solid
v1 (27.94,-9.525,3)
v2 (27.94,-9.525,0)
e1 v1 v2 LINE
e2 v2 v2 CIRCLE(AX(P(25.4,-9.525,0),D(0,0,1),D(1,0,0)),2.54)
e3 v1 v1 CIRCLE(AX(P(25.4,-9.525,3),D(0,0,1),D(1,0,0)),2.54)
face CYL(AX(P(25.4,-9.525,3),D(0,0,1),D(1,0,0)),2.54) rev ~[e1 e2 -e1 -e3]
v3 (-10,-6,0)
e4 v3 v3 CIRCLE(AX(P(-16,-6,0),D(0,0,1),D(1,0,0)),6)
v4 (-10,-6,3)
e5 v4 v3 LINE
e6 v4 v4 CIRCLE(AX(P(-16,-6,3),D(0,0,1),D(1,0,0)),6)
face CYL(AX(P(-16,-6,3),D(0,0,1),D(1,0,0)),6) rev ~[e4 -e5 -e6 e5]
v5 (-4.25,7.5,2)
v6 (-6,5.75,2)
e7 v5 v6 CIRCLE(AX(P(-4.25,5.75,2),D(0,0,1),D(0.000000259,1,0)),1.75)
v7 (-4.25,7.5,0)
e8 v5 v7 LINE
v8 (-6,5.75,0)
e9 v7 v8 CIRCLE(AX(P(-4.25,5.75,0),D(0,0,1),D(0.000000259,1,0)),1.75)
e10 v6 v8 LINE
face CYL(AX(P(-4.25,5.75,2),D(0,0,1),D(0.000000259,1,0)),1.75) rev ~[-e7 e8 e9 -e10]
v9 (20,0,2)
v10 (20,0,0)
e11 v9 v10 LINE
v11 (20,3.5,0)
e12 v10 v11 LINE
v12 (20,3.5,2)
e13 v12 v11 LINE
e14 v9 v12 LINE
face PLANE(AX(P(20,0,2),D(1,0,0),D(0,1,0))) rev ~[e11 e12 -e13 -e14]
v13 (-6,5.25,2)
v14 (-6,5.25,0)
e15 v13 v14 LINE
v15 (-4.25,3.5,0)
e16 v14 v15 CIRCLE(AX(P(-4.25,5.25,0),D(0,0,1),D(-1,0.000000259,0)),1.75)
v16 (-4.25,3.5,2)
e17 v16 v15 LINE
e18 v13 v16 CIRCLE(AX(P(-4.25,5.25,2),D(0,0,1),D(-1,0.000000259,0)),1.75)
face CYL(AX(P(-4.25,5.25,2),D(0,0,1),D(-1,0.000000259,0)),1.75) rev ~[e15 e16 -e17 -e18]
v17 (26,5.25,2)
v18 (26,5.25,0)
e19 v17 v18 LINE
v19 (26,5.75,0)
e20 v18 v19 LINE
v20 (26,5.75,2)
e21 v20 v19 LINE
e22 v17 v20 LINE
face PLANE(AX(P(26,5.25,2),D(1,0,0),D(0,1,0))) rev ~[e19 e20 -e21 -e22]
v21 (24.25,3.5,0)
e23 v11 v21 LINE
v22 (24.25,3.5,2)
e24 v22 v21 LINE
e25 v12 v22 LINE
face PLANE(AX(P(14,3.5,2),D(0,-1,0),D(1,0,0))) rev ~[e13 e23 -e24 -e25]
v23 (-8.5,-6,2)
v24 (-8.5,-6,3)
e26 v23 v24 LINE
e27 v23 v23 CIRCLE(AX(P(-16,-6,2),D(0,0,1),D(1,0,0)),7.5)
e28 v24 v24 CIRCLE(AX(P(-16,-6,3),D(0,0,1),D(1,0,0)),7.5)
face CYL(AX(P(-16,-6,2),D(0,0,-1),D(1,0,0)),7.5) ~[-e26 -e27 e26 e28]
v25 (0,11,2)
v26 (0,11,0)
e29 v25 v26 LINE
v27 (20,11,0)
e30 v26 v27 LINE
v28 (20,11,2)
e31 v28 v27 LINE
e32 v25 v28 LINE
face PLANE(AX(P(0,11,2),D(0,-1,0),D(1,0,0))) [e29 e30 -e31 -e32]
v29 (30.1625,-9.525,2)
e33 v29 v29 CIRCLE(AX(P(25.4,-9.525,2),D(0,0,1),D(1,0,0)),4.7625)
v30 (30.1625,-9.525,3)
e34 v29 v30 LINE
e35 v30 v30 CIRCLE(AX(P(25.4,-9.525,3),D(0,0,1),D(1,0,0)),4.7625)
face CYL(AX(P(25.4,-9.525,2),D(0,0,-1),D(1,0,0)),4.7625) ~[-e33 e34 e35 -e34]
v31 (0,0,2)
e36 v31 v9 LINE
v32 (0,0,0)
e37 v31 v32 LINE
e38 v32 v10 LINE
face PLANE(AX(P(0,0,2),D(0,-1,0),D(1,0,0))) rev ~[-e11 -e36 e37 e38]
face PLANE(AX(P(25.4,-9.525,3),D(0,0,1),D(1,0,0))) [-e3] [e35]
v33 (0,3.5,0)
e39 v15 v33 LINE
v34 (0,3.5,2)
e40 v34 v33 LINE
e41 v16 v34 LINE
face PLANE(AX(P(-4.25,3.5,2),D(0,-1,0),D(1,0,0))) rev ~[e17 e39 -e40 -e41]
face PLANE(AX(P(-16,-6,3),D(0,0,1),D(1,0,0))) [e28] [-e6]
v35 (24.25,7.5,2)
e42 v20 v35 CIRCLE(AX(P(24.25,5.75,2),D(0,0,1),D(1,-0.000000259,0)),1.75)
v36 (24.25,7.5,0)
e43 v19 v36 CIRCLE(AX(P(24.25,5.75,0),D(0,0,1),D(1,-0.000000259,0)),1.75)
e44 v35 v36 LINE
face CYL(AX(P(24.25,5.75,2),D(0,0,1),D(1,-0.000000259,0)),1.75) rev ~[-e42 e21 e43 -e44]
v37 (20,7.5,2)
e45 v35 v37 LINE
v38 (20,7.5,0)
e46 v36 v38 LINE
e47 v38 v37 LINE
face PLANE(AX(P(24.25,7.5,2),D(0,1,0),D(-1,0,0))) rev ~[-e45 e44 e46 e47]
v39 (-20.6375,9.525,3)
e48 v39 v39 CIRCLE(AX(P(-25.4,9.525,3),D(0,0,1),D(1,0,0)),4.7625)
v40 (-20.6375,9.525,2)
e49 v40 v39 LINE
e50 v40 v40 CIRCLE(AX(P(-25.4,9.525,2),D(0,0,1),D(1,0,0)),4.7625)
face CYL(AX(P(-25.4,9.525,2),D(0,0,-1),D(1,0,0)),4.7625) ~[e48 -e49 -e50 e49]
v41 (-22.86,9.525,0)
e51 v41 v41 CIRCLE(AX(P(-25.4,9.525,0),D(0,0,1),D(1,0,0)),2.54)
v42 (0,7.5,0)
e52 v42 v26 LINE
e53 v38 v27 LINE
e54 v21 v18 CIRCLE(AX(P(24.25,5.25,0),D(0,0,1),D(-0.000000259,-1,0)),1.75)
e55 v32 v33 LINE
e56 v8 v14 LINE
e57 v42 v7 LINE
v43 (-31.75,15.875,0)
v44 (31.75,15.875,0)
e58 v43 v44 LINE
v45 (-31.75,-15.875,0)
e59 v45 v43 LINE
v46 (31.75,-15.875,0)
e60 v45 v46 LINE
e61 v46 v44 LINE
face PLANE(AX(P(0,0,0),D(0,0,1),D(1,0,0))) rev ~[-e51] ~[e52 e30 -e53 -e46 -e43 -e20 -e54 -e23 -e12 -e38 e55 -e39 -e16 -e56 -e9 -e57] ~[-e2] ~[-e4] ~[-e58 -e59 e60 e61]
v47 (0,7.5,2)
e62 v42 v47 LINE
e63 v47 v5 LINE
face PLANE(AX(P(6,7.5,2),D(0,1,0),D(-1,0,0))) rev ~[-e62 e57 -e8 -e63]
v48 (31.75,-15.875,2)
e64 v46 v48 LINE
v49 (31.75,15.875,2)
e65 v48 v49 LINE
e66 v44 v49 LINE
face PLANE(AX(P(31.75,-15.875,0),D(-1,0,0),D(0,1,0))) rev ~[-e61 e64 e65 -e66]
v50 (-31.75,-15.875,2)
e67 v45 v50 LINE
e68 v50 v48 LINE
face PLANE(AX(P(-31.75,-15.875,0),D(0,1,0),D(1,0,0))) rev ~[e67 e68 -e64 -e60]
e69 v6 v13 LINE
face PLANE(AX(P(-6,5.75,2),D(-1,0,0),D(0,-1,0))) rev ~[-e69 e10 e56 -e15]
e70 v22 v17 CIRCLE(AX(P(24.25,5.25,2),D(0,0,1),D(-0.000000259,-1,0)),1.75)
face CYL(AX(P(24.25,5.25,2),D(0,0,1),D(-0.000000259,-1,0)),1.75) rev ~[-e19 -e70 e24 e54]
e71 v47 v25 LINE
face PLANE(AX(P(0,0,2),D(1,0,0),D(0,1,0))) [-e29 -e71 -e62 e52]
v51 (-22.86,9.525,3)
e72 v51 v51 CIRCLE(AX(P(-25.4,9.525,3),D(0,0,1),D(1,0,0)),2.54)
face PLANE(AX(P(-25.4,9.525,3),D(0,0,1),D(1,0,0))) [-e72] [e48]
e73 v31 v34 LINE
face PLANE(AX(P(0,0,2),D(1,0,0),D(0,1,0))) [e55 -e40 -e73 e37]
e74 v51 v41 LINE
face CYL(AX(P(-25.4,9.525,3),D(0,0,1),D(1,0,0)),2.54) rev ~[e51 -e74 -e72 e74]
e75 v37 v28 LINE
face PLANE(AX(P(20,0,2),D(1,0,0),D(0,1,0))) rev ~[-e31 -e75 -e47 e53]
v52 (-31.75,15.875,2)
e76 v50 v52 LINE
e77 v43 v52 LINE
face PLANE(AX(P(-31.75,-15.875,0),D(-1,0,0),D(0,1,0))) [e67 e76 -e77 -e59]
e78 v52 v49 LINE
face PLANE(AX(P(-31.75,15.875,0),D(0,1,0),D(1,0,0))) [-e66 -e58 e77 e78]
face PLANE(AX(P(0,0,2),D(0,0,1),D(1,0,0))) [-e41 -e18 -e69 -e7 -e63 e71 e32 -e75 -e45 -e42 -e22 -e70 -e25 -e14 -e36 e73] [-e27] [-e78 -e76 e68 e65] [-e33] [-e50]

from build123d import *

# Parameters (mm, degrees)
F0_W      = 63.5
F0_H      = 31.75
F1_DEPTH  = 2
F3_R      = 4.7625
F4_DEPTH  = 1
F6_R      = 2.54
F7_DEPTH  = 25.4
F8_W      = 20
F8_H      = 11
F9_DEPTH  = 25
F11_R     = 7.5
F12_DEPTH = 1
F13_R     = 6
F14_DEPTH = 25
F5_R      = 4.7625
F15_DEPTH = 1
F16_R     = 2.54
F17_DEPTH = 25.4
F19_DEPTH = 25


with BuildPart() as f1:
    # F0 (on Top) → F1 (new body)
    with BuildSketch(Plane.XY):
        Rectangle(F0_W, F0_H)
    extrude(amount=F1_DEPTH)

    # F3 (on face) → F4 (join)
    with BuildSketch(Plane.XY.offset(2)):
        with Locations((-25.4, 9.525)):
            Circle(F3_R)
    extrude(amount=F4_DEPTH)

    # F6 (on face) → F7 (cut)
    with BuildSketch(Plane.XY.offset(3)):
        with Locations((-25.4, 9.525)):
            Circle(F6_R)
    extrude(amount=-F7_DEPTH, mode=Mode.SUBTRACT)

    # F8 (on face) → F9 (cut)
    with BuildSketch(Plane.XY.offset(2)):
        with Locations((10, 5.5)):
            Rectangle(F8_W, F8_H)
    extrude(amount=-F9_DEPTH, mode=Mode.SUBTRACT)

    # F11 (on face) → F12 (join)
    with BuildSketch(Plane.XY.offset(2)):
        with Locations((-16, -6)):
            Circle(F11_R)
    extrude(amount=F12_DEPTH)

    # F13 (on face) → F14 (cut)
    with BuildSketch(Plane.XY.offset(3)):
        with Locations((-16, -6)):
            Circle(F13_R)
    extrude(amount=-F14_DEPTH, mode=Mode.SUBTRACT)

    # F5 (on face) → F15 (join)
    with BuildSketch(Plane.XY.offset(2)):
        with Locations((25.4, -9.525)):
            Circle(F5_R)
    extrude(amount=F15_DEPTH)

    # F16 (on face) → F17 (cut)
    with BuildSketch(Plane.XY.offset(3)):
        with Locations((25.4, -9.525)):
            Circle(F16_R)
    extrude(amount=-F17_DEPTH, mode=Mode.SUBTRACT)

    # F18 (on face) → F19 (cut)
    with BuildSketch(Plane.XY.offset(2)):
        with BuildLine():
            Line((6, 3.5), (6, 7.5))
            Line((6, 7.5), (-4.25, 7.5))
            ThreePointArc((-4.25, 7.5), (-5.487437, 6.987437), (-6, 5.75))
            Line((-6, 5.75), (-6, 5.25))
            ThreePointArc((-6, 5.25), (-5.487437, 4.012563), (-4.25, 3.5))
            Line((-4.25, 3.5), (6, 3.5))
        make_face()
        with BuildLine():
            Line((14, 3.5), (24.25, 3.5))
            ThreePointArc((24.25, 3.5), (25.487437, 4.012563), (26, 5.25))
            Line((26, 5.25), (26, 5.75))
            ThreePointArc((26, 5.75), (25.487437, 6.987437), (24.25, 7.5))
            Line((24.25, 7.5), (14, 7.5))
            Line((14, 7.5), (14, 3.5))
        make_face()
    extrude(amount=-F19_DEPTH, mode=Mode.SUBTRACT)


solid = f1.part
